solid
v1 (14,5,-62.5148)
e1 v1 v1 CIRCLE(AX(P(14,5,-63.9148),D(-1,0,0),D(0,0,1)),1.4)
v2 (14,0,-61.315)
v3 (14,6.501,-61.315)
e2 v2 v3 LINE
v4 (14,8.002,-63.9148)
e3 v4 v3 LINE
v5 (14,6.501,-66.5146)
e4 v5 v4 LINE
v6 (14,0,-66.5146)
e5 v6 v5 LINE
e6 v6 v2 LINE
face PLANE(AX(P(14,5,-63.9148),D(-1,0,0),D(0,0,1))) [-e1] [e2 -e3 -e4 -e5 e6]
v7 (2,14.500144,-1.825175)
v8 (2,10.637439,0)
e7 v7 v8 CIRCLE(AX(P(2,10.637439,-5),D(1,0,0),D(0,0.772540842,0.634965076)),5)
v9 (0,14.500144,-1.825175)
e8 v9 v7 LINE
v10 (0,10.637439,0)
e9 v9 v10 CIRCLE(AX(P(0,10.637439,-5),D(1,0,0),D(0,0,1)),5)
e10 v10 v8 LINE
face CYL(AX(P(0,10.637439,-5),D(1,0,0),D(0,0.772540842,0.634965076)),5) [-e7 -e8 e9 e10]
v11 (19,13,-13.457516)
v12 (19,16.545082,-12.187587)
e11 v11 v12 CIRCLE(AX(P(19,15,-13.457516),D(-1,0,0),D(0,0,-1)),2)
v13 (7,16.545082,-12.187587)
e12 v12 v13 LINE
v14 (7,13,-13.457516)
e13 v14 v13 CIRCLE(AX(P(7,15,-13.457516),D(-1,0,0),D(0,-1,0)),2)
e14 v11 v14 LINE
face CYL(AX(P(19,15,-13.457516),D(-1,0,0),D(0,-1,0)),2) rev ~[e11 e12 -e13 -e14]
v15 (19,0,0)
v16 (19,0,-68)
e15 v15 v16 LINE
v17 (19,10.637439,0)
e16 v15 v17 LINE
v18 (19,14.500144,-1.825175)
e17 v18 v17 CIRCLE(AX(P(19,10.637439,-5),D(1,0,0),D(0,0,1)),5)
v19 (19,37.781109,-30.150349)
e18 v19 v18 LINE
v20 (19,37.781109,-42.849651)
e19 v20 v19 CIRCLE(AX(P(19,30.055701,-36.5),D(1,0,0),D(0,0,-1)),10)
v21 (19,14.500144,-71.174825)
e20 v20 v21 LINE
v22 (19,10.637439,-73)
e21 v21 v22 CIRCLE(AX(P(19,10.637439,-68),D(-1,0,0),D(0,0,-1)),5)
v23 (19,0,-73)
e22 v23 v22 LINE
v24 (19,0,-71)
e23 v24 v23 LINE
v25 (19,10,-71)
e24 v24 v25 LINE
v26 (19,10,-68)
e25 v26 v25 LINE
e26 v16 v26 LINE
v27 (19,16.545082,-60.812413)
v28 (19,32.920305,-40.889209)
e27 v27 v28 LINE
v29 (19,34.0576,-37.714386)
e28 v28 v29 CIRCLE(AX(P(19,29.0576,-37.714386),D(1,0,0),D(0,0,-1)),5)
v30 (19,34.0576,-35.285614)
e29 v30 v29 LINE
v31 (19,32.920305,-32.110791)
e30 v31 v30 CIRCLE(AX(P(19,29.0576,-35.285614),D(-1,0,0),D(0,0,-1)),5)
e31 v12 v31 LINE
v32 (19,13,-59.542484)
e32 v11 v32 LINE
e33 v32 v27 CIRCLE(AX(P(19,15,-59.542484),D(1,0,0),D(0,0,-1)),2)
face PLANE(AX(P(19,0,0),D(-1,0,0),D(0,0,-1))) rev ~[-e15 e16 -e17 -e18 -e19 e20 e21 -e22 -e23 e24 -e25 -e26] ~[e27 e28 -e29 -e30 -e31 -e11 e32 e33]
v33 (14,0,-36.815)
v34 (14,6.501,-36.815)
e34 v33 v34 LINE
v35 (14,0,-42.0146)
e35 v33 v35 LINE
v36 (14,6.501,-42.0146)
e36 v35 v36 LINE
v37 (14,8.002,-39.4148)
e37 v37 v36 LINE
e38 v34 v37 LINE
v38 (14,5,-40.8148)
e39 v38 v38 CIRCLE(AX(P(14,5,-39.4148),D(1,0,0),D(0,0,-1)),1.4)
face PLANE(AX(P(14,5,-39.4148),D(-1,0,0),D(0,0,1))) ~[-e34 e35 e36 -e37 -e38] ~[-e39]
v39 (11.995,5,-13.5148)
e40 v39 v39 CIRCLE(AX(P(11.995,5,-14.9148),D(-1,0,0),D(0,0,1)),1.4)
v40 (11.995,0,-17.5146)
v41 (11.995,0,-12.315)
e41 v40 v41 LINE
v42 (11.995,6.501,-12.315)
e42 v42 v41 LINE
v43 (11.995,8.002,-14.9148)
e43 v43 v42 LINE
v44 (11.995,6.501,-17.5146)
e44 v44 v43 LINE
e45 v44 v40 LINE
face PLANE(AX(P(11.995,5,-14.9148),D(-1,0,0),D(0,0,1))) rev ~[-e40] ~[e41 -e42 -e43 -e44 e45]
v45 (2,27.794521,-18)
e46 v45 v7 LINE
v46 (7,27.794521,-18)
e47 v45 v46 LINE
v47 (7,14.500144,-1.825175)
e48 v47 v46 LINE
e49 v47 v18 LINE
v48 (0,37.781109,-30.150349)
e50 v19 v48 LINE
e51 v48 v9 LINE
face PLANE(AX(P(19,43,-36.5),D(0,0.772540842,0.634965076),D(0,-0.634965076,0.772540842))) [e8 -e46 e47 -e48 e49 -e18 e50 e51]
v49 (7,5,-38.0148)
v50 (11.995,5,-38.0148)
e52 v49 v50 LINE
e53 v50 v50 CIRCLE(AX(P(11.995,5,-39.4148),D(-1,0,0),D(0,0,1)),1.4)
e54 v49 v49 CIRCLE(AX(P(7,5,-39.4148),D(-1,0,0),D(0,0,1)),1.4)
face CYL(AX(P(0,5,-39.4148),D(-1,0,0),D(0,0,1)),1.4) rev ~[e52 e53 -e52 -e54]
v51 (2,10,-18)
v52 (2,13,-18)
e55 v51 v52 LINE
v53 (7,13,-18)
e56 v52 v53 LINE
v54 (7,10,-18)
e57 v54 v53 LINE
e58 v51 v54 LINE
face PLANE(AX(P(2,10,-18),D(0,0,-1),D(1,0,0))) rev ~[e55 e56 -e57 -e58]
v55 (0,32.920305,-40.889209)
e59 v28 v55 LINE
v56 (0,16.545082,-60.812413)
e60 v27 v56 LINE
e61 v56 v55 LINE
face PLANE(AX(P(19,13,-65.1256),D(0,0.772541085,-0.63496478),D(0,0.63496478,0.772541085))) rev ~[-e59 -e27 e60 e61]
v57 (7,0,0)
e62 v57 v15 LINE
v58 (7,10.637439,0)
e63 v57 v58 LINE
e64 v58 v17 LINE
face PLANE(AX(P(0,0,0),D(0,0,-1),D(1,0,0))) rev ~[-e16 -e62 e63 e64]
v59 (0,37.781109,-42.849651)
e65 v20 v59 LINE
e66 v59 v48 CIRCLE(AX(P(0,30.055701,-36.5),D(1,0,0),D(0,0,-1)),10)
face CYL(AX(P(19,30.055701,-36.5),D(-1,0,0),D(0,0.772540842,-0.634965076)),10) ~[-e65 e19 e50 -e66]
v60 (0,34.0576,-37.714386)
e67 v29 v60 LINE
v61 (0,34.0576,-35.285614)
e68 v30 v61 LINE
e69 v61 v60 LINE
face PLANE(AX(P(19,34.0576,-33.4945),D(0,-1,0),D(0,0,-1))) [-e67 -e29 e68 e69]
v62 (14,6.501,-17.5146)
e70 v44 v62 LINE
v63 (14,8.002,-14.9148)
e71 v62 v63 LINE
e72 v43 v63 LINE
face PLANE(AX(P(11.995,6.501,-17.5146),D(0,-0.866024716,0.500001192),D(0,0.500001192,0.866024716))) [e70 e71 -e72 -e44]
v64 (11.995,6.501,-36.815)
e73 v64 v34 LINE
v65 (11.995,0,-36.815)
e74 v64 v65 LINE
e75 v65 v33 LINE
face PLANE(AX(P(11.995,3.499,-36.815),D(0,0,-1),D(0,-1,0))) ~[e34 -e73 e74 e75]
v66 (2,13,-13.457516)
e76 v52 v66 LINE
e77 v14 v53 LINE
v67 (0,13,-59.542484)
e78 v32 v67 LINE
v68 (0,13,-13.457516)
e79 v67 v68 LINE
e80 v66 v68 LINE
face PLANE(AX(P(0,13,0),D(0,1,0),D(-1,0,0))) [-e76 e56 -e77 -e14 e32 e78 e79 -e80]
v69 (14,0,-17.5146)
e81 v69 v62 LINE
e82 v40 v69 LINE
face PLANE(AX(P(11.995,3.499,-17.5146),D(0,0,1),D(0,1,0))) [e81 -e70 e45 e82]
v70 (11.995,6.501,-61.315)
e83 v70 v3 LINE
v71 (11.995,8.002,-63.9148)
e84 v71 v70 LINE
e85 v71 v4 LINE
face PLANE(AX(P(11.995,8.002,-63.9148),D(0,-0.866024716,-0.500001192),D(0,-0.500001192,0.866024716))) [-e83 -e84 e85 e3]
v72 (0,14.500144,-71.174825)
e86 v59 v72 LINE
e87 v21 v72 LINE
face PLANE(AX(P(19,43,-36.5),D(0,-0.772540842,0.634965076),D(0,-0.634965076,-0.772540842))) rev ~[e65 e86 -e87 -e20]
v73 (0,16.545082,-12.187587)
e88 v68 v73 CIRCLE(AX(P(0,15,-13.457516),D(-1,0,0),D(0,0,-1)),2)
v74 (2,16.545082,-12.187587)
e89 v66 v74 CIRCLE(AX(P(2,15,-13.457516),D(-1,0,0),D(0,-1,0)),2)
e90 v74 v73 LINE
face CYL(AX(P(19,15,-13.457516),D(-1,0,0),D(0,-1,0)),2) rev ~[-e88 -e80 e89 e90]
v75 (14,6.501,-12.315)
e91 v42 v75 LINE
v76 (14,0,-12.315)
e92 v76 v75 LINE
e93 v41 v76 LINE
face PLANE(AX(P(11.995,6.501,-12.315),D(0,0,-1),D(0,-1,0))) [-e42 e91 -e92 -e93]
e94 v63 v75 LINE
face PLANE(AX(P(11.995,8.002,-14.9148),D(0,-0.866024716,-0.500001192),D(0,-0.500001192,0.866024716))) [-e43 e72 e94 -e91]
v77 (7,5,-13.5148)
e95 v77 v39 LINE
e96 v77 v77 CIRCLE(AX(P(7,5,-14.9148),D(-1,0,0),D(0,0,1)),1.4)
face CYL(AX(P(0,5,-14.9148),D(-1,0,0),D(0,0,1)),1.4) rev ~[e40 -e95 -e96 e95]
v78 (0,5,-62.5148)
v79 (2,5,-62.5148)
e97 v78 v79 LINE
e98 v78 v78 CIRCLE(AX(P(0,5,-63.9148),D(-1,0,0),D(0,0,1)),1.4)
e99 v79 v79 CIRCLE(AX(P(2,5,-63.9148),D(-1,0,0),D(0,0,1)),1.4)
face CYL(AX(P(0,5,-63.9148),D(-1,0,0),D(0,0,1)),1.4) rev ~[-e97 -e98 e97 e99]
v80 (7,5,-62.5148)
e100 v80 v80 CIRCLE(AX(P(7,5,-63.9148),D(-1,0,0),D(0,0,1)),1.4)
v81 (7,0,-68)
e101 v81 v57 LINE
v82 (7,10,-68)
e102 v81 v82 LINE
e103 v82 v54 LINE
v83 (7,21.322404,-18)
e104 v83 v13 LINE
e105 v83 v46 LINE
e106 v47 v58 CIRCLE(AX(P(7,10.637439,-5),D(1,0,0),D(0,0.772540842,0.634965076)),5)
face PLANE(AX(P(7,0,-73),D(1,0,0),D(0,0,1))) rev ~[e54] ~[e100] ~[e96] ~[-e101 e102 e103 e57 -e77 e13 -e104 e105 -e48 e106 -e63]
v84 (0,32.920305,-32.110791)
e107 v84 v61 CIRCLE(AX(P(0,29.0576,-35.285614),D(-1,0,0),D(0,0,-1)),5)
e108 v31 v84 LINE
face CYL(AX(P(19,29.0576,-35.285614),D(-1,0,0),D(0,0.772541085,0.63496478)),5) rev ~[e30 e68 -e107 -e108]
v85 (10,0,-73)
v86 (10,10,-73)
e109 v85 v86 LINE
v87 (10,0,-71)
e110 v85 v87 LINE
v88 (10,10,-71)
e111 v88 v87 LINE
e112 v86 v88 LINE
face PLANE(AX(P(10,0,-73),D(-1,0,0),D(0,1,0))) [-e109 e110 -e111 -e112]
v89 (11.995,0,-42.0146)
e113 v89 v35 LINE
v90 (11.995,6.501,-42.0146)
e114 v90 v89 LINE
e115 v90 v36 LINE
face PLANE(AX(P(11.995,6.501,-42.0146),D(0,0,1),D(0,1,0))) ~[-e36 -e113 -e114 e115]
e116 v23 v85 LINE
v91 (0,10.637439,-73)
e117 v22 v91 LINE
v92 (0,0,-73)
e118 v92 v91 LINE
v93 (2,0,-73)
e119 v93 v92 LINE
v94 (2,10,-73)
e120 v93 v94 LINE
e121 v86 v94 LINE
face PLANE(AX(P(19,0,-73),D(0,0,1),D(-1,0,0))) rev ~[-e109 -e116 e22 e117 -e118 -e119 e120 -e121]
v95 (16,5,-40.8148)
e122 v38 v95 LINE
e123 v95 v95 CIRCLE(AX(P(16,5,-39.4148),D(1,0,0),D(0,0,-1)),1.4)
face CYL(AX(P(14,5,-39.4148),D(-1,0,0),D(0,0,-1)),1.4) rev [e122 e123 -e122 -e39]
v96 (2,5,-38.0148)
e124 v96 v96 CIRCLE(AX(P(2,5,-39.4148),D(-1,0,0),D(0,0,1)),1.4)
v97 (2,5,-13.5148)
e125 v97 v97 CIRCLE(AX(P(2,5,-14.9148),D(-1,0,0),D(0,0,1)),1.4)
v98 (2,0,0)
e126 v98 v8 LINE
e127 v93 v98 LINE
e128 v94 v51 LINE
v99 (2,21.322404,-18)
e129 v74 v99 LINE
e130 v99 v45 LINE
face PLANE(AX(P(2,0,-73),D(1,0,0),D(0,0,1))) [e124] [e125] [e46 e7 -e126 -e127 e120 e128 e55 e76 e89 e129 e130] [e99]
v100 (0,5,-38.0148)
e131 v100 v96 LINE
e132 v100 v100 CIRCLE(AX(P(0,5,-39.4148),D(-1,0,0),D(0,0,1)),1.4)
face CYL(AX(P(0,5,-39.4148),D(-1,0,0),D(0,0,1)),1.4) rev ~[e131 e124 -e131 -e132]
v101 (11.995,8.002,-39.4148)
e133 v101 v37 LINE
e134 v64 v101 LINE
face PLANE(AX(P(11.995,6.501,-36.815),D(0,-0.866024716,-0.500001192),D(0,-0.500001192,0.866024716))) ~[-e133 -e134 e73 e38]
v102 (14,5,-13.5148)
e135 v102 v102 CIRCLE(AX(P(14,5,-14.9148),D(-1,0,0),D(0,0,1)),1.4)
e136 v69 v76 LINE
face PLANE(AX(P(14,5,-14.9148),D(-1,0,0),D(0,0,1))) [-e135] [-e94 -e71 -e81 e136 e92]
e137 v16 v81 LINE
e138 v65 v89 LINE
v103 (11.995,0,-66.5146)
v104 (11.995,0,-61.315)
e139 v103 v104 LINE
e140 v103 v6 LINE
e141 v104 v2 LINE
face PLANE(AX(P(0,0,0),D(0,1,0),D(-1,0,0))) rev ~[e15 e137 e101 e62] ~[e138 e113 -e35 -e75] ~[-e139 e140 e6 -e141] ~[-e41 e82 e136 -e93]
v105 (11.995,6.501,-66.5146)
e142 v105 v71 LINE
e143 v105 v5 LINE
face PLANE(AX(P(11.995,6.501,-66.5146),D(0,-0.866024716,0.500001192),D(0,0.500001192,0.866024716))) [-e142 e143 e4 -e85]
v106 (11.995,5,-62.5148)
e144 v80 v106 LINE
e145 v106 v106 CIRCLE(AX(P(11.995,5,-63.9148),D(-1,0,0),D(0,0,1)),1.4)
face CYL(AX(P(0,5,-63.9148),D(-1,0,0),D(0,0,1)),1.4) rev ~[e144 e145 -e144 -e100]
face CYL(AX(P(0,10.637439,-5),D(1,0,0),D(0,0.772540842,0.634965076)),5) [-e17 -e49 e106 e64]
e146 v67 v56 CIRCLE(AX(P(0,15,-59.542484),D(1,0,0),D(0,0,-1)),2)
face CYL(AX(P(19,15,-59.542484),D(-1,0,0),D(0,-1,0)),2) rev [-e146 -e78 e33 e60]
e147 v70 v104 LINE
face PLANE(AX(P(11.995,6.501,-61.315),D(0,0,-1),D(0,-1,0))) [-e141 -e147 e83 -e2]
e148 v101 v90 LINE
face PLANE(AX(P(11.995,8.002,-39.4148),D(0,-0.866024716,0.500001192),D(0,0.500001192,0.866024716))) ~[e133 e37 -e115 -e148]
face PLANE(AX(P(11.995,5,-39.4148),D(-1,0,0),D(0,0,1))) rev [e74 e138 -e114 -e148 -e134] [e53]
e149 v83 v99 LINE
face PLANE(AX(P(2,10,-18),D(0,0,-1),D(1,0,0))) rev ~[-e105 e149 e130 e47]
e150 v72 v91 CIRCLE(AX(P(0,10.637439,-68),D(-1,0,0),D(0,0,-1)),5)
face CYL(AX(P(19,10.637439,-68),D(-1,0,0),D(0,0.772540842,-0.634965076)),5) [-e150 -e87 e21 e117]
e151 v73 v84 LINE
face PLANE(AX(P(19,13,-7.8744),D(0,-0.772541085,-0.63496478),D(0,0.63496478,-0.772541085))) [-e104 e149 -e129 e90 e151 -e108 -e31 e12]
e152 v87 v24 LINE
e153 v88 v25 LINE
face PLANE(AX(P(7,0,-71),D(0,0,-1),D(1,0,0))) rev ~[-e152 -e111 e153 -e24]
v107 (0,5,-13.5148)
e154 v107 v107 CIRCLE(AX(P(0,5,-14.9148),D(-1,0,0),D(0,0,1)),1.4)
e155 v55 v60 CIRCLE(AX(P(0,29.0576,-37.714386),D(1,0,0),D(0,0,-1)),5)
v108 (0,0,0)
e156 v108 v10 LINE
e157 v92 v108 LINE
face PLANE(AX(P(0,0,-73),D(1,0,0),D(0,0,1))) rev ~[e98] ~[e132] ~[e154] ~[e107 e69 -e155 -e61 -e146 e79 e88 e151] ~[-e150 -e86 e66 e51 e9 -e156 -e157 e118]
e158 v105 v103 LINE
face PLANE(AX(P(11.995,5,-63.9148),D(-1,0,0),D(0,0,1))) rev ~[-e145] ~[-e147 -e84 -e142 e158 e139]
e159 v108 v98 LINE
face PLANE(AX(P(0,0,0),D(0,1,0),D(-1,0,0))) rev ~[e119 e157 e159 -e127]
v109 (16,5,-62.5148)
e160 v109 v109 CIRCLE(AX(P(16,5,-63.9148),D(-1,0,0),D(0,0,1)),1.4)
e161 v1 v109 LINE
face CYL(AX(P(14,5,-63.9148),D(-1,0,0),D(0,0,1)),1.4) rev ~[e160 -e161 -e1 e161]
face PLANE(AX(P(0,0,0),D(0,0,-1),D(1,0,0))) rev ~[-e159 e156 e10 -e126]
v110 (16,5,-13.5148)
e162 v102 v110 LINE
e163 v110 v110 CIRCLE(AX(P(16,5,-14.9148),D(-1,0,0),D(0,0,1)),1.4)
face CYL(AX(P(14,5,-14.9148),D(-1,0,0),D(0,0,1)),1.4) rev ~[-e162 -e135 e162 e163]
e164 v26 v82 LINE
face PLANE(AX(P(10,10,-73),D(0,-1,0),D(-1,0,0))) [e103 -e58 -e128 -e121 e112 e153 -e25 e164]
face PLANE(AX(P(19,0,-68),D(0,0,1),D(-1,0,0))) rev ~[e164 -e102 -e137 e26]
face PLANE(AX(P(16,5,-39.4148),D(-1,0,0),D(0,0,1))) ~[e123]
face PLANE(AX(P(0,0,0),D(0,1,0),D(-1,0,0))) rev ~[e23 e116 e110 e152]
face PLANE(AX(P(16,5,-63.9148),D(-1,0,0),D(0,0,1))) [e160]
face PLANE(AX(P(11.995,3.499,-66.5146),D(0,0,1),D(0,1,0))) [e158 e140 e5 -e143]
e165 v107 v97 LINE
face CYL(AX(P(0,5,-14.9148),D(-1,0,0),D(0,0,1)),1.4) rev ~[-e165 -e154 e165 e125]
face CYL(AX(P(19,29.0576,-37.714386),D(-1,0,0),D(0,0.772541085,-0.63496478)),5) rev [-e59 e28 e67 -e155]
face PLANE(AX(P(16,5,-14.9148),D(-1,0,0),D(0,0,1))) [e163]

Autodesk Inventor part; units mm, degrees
ref_plane "YZ Plane" through (0, 0, 0) normal (1, 0, 0) x (0, 1, 0)
ref_plane "XZ Plane" through (0, 0, 0) normal (0, 1, 0) x (-1, 0, 0)
ref_plane "XY Plane" through (0, 0, 0) normal (0, 0, 1) x (1, 0, 0)
sketch "Sketch1" plane through (0, 0, 0) normal (0, 1, 0) x (-1, 0, 0)
  line L0 (0, 0) -> (-19, 0)
  line L1 (-19, 0) -> (-19, -73)
  line L2 (-19, -73) -> (0, -73)
  line L3 (0, -73) -> (0, 0)
  dimension "d0" = 19
  dimension "d1" = 73
extrude "Extrusion1" add sketch "Sketch1" along normal blind 13
sketch "Sketch2" plane through (19, 0, 0) normal (1, 0, 0) x (0, 0, -1)
  line L0 (0, 13) -> (0, 43) construction
  line L1 (0, 43) -> (205, 43) construction
  line L2 (0, 13) -> (0, 13.5) construction
  line L3 (0, 0) -> (0, 13) construction
  line L4 (0, 13) -> (0, 13) construction
  line L5 (0, 13) -> (73, 13) construction
  line L6 (0, 13) -> (0, 13) construction
  line L7 (0, 13) -> (73, 13) construction
  line L8 (0, 13) -> (73, 13) construction
  line L9 (36.5, 13) -> (36.5, 43) construction
  line L10 (36.5, 43) -> (0, 13) construction
  line L11 (73, 13) -> (36.5, 43) construction
  line L12 (36.5, 43) -> (30.3197, 37.9203) construction
  line L13 (30.3197, 37.9203) -> (33.4945, 34.0576) construction
  line L14 (33.4945, 34.0576) -> (7.8744, 13) construction
  line L15 (36.5, 43) -> (42.6803, 37.9203) construction
  line L16 (42.6803, 37.9203) -> (39.5055, 34.0576) construction
  line L17 (33.4945, 34.0576) -> (39.5055, 34.0576)
  line L18 (36.5, 43) -> (0, 13)
  line L19 (0, 13) -> (7.8744, 13)
  line L20 (7.8744, 13) -> (33.4945, 34.0576)
  line L21 (73, 13) -> (0, 13) construction
  line L22 (73, 13) -> (0, 13) construction
  line L23 (73, 13) -> (0, 13) construction
  line L24 (36.5, 43) -> (73, 13) construction
  line L25 (39.5055, 34.0576) -> (65.1256, 13) construction
  line L26 (36.5, 43) -> (73, 13)
  line L27 (73, 13) -> (65.1256, 13)
  line L28 (65.1256, 13) -> (39.5055, 34.0576)
  dimension "d4" = 30
  dimension "d5" = 205
  dimension "d6" = 0.5
  dimension "d7" = 0
  dimension "d8" = 0
  dimension "d9" = 73
  dimension "d10" = 0
  dimension "d11" = 8
  dimension "d12" = 5
  dimension "d13" = 8
  dimension "d14" = 5
extrude "Extrusion2" add sketch "Sketch2" against normal up to surface (19 mm away)
fillet "Fillet1" radius 10 1 edges at (9.5, 43, -36.5)
fillet "Fillet4" radius 2 2 edges at (9.5, 13, -7.8744) (9.5, 13, -65.1256)
fillet "Fillet5" radius 5 2 edges at (9.5, 13, -73) (9.5, 13, 0)
sketch "Sketch3" plane through (0, 0, 0) normal (0, -1, 0) x (1, 0, 0)
  line L0 (0, -73) -> (0, 0) construction
  line L1 (0, -73) -> (2, -73) construction
  line L2 (19, -73) -> (0, -73) construction
  line L3 (2, -73) -> (2, 0)
  line L4 (0, 0) -> (19, 0) projected
  line L5 (2, -73) -> (7, -73) construction
  line L6 (7, -73) -> (7, 0)
  line L7 (7, -73) -> (80, -73) construction
  line L8 (7, -73) -> (2, -73)
  line L9 (7, 0) -> (2, 0)
  dimension "d24" = 2
  dimension "d25" = 5
  dimension "d26" = 90
extrude "Extrusion3" cut sketch "Sketch3" against normal blind 10
sketch "Sketch5" plane through (0, 10, 0) normal (0, -1, 0) x (1, 0, 0)
  line L0 (7, 0) -> (7, -73) projected
  line L1 (2, -73) -> (2, 0) projected
  line L2 (7, 0) -> (2, 0)
  line L3 (2, 0) -> (2, -18)
  line L4 (2, -18) -> (7, -18)
  line L5 (7, -18) -> (7, 0)
  point P0 (0, 0)
  dimension "d31" = 18
extrude "Extrusion5" cut sketch "Sketch5" against normal up to next
sketch "Sketch6" plane through (0, 0, -73) normal (-1, 0, 0) x (0, 0, 1)
  circle A0 centre (9.0852, 5) radius 1.4
  circle A1 centre (33.5852, 5) radius 1.4
  circle A2 centre (58.0852, 5) radius 1.4
  point P0 (73, 0)
extrude "Extrusion6" cut sketch "Sketch6" against normal blind 11.995
sketch "Sketch9" plane through (11.995, 5, -14.9148) normal (-1, 0, 0) x (0, 0, 1)
  circle A0 centre (0, 0) radius 3.002 construction
  circle A1 centre (0, 0) radius 1.4 construction
  line L0 (0, 0) -> (0, 3.002) construction
  line L1 (0, 3.002) -> (2.5998, 1.501)
  line L2 (2.5998, 1.501) -> (2.5998, -1.501)
  line L3 (2.5998, -1.501) -> (0, -3.002)
  line L4 (0, -3.002) -> (-2.5998, -1.501)
  line L5 (-2.5998, -1.501) -> (-2.5998, 1.501)
  line L6 (-2.5998, 1.501) -> (0, 3.002)
  line L7 (-58.0852, -5) -> (14.9148, -5) projected
  line L8 (-2.5998, -1.501) -> (-2.5998, -5)
  line L9 (14.9148, -5) -> (-58.0852, -5) projected
  line L10 (2.5998, -1.501) -> (2.5998, -5)
  line L11 (2.5998, -1.501) -> (6.0988, -1.501) construction
  line L12 (2.5998, -5) -> (-2.5998, -5)
  dimension "d38" = 6.004
  dimension "d41" = 90
extrude "Extrusion7" cut sketch "Sketch9" against normal blind 2.005
sketch "Sketch10" plane through (14, 5, -14.9148) normal (-1, 0, 0) x (0, 0, 1)
  circle A0 centre (0, 0) radius 1.4 projected
  line L0 (2.5998, -5) -> (-2.5998, -5) projected
  line L1 (2.5998, 1.501) -> (2.5998, -5) projected
  line L2 (0, 3.002) -> (2.5998, 1.501) projected
  line L3 (-2.5998, 1.501) -> (0, 3.002) projected
  line L4 (-2.5998, -5) -> (-2.5998, 1.501) projected
  point P0 (14.9148, -5)
extrude "Extrusion8" cut sketch "Sketch10" against normal blind 2 contours A0
ref_plane "Work Plane3" through (0, 5, -14.9148) normal (0, 0, -1) x (1, 0, 0)
ref_plane "Work Plane4" through (0, 5, -39.4148) normal (0, 0, 1) x (1, 0, 0)
ref_plane "Work Plane5" through (0, 5, -63.9148) normal (0, 0, -1) x (1, 0, 0)
ref_plane "Work Plane6" through (0, 5, -27.1648) normal (0, 0, -1) x (1, 0, 0)
ref_plane "Work Plane7" through (0, 5, -51.6648) normal (0, 0, 1) x (1, 0, 0)
mirror "Mirror3" about plane through (0, 5, -27.1648) normal (0, 0, -1) of "Extrusion8", "Extrusion7"
mirror "Mirror4" about plane through (0, 5, -51.6648) normal (0, 0, 1) of "Mirror3"
fillet "Fillet6" radius 5 2 edges at (9.5, 34.0576, -39.5055) (9.5, 34.0576, -33.4945)
sketch "Sketch11" plane through (0, 0, 0) normal (0, -1, 0) x (1, 0, 0)
  line L0 (7, -73) -> (2, -73) construction
  line L1 (7, -73) -> (7, -71) construction
  line L2 (7, -73) -> (9, -73) construction
  line L3 (19, -42.8497) -> (19, -71.1748) projected
  line L4 (7, -71) -> (19, -71)
  line L5 (19, -71) -> (19, -68)
  line L6 (19, -68) -> (7, -68)
  line L7 (7, -68) -> (7, -71)
  point P0 (0, 0)
  dimension "d48" = 2
  dimension "d49" = 90
  dimension "d50" = 3
extrude "Extrusion9" cut sketch "Sketch11" against normal blind 10
sketch "Sketch12" plane through (19, 10.6374, -73) normal (0, 0, -1) x (-1, 0, 0)
  line L0 (12, -10.6374) -> (0, -10.6374) projected
  line L1 (0, -0.6374) -> (12, -0.6374) projected
  line L2 (12, -10.6374) -> (9, -10.6374)
  line L3 (9, -10.6374) -> (9, -0.6374)
  line L4 (9, -0.6374) -> (12, -0.6374)
  line L5 (12, -0.6374) -> (12, -10.6374)
  point P0 (19, -10.6374)
  dimension "d53" = 3
extrude "Extrusion10" cut sketch "Sketch12" against normal up to next
properties part number "bumper_backright"
